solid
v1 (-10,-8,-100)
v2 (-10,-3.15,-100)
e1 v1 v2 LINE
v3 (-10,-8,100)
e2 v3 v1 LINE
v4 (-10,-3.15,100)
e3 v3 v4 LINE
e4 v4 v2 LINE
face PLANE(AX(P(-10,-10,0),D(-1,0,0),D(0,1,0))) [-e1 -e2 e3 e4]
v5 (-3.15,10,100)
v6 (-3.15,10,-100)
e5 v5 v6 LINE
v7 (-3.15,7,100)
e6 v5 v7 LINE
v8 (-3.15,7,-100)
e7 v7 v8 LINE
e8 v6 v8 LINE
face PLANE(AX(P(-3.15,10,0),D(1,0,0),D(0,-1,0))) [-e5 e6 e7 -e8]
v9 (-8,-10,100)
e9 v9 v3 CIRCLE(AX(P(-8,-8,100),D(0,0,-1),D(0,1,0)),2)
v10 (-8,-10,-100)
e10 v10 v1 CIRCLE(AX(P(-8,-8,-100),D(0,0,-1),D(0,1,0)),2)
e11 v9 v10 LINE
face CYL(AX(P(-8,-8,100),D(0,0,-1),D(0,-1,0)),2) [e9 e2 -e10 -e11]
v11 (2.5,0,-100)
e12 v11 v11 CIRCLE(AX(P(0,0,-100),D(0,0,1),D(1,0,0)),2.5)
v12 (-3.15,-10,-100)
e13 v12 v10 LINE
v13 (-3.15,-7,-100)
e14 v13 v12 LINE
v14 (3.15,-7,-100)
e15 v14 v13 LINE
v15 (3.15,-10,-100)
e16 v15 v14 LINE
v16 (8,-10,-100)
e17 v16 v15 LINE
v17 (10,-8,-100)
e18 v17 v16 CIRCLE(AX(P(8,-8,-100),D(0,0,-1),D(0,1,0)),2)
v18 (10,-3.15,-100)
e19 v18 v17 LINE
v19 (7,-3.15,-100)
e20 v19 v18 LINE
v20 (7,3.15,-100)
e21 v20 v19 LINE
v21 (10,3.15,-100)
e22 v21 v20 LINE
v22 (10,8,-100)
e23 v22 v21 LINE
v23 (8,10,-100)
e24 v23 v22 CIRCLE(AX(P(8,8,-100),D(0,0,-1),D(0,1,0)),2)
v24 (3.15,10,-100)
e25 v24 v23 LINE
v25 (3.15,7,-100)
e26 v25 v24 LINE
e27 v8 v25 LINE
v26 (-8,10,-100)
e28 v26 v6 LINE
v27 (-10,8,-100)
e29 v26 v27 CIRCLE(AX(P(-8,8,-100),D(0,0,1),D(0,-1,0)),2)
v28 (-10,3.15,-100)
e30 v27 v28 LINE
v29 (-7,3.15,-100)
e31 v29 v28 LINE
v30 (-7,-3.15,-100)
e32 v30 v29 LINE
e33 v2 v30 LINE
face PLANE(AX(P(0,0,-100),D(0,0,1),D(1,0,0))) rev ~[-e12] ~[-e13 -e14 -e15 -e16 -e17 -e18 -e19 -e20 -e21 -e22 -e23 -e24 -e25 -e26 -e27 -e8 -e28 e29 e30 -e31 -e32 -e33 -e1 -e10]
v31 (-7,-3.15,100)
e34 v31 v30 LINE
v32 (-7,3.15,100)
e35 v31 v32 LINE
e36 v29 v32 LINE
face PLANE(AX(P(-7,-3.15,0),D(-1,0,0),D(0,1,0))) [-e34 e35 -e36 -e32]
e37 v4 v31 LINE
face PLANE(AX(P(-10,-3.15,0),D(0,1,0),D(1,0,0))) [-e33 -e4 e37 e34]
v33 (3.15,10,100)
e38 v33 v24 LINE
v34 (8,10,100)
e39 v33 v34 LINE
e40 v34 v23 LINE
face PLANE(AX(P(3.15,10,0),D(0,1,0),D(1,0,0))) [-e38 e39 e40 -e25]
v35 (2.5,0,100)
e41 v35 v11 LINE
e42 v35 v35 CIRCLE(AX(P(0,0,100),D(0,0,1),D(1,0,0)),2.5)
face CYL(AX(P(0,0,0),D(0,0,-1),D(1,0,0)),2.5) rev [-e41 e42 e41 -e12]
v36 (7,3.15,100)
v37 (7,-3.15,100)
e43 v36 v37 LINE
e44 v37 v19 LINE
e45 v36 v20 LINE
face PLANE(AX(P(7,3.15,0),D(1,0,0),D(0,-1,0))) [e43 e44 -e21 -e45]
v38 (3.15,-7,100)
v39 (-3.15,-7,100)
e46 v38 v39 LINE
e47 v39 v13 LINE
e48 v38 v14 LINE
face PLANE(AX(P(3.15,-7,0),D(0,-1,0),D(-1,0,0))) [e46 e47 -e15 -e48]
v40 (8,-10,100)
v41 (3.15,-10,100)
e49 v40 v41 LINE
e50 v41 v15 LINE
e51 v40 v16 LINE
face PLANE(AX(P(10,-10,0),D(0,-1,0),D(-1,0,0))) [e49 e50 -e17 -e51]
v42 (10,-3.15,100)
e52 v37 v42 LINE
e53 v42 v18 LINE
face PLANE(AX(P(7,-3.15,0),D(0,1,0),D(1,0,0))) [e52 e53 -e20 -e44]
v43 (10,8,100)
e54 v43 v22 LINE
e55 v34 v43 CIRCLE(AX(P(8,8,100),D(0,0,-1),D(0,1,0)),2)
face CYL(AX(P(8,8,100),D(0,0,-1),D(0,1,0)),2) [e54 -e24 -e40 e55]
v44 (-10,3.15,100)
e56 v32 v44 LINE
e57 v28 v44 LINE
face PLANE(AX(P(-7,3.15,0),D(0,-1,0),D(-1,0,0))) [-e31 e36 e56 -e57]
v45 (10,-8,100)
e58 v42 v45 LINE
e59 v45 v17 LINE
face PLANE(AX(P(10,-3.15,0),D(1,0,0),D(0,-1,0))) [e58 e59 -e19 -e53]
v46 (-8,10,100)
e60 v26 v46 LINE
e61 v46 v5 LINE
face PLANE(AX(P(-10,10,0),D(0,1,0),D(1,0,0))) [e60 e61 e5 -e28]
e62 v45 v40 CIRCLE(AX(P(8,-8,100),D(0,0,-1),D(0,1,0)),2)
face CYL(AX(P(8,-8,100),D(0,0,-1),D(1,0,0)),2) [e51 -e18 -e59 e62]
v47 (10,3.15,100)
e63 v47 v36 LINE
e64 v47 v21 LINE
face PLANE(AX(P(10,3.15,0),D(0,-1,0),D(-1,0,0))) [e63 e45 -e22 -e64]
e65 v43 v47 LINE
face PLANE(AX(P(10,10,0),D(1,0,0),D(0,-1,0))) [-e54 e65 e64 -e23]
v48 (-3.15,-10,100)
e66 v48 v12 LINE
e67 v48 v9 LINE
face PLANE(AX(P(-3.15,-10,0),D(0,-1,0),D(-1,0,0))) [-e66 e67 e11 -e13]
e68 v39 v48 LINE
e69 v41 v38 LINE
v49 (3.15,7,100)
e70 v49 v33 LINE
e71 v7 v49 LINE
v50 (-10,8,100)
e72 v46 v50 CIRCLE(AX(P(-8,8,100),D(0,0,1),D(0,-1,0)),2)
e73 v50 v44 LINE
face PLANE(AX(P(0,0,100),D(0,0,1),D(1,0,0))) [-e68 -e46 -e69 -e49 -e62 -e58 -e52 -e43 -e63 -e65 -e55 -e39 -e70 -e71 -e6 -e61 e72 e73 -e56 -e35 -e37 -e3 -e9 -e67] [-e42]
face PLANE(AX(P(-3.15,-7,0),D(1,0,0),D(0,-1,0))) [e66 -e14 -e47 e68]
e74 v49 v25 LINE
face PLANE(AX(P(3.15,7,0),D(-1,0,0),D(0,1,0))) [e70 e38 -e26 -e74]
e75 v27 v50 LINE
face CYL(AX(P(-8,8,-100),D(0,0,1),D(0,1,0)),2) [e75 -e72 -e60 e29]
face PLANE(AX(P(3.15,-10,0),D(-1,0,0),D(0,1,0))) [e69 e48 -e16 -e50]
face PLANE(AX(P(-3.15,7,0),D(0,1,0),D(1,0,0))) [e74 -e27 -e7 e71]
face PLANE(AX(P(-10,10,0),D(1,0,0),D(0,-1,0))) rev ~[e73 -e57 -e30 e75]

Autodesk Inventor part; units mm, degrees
ref_plane "YZ Plane" through (0, 0, 0) normal (1, 0, 0) x (0, 1, 0)
ref_plane "XZ Plane" through (0, 0, 0) normal (0, 1, 0) x (-1, 0, 0)
ref_plane "XY Plane" through (0, 0, 0) normal (0, 0, 1) x (1, 0, 0)
sketch "Sketch1" plane through (0, 0, 0) normal (0, 0, 1) x (1, 0, 0)
  line L0 (-10, 10) -> (-3.15, 10)
  line L1 (-3.15, 10) -> (-3.15, 7)
  line L2 (-3.15, 7) -> (3.15, 7)
  line L3 (3.15, 7) -> (3.15, 10)
  line L4 (3.15, 10) -> (10, 10)
  line L5 (10, 10) -> (10, 3.15)
  line L6 (10, 3.15) -> (7, 3.15)
  line L7 (7, 3.15) -> (7, -3.15)
  line L8 (7, -3.15) -> (10, -3.15)
  line L9 (10, -3.15) -> (10, -10)
  line L10 (10, -10) -> (3.15, -10)
  line L11 (3.15, -10) -> (3.15, -7)
  line L12 (3.15, -7) -> (-3.15, -7)
  line L13 (-3.15, -7) -> (-3.15, -10)
  line L14 (-10, -10) -> (-10, -3.15)
  line L15 (-10, -3.15) -> (-7, -3.15)
  line L16 (-7, -3.15) -> (-7, 3.15)
  line L17 (-7, 3.15) -> (-10, 3.15)
  line L18 (-10, 10) -> (-10, 3.15)
  line L19 (-3.15, -10) -> (-10, -10)
  circle A0 centre (0, 0) radius 2.5
  point P0 (0, 7)
  point P1 (-7, 0)
  dimension "d0" = 20
  dimension "d1" = 6.3
  dimension "d2" = 3
  dimension "d3" = 5
extrude "Extrusion1" add sketch "Sketch1" along normal mid plane 200
fillet "Fillet1" radius 2 4 edges at (-10, 10, 0) (10, 10, 0) (10, -10, 0) (-10, -10, 0)
properties part number "Profil"
